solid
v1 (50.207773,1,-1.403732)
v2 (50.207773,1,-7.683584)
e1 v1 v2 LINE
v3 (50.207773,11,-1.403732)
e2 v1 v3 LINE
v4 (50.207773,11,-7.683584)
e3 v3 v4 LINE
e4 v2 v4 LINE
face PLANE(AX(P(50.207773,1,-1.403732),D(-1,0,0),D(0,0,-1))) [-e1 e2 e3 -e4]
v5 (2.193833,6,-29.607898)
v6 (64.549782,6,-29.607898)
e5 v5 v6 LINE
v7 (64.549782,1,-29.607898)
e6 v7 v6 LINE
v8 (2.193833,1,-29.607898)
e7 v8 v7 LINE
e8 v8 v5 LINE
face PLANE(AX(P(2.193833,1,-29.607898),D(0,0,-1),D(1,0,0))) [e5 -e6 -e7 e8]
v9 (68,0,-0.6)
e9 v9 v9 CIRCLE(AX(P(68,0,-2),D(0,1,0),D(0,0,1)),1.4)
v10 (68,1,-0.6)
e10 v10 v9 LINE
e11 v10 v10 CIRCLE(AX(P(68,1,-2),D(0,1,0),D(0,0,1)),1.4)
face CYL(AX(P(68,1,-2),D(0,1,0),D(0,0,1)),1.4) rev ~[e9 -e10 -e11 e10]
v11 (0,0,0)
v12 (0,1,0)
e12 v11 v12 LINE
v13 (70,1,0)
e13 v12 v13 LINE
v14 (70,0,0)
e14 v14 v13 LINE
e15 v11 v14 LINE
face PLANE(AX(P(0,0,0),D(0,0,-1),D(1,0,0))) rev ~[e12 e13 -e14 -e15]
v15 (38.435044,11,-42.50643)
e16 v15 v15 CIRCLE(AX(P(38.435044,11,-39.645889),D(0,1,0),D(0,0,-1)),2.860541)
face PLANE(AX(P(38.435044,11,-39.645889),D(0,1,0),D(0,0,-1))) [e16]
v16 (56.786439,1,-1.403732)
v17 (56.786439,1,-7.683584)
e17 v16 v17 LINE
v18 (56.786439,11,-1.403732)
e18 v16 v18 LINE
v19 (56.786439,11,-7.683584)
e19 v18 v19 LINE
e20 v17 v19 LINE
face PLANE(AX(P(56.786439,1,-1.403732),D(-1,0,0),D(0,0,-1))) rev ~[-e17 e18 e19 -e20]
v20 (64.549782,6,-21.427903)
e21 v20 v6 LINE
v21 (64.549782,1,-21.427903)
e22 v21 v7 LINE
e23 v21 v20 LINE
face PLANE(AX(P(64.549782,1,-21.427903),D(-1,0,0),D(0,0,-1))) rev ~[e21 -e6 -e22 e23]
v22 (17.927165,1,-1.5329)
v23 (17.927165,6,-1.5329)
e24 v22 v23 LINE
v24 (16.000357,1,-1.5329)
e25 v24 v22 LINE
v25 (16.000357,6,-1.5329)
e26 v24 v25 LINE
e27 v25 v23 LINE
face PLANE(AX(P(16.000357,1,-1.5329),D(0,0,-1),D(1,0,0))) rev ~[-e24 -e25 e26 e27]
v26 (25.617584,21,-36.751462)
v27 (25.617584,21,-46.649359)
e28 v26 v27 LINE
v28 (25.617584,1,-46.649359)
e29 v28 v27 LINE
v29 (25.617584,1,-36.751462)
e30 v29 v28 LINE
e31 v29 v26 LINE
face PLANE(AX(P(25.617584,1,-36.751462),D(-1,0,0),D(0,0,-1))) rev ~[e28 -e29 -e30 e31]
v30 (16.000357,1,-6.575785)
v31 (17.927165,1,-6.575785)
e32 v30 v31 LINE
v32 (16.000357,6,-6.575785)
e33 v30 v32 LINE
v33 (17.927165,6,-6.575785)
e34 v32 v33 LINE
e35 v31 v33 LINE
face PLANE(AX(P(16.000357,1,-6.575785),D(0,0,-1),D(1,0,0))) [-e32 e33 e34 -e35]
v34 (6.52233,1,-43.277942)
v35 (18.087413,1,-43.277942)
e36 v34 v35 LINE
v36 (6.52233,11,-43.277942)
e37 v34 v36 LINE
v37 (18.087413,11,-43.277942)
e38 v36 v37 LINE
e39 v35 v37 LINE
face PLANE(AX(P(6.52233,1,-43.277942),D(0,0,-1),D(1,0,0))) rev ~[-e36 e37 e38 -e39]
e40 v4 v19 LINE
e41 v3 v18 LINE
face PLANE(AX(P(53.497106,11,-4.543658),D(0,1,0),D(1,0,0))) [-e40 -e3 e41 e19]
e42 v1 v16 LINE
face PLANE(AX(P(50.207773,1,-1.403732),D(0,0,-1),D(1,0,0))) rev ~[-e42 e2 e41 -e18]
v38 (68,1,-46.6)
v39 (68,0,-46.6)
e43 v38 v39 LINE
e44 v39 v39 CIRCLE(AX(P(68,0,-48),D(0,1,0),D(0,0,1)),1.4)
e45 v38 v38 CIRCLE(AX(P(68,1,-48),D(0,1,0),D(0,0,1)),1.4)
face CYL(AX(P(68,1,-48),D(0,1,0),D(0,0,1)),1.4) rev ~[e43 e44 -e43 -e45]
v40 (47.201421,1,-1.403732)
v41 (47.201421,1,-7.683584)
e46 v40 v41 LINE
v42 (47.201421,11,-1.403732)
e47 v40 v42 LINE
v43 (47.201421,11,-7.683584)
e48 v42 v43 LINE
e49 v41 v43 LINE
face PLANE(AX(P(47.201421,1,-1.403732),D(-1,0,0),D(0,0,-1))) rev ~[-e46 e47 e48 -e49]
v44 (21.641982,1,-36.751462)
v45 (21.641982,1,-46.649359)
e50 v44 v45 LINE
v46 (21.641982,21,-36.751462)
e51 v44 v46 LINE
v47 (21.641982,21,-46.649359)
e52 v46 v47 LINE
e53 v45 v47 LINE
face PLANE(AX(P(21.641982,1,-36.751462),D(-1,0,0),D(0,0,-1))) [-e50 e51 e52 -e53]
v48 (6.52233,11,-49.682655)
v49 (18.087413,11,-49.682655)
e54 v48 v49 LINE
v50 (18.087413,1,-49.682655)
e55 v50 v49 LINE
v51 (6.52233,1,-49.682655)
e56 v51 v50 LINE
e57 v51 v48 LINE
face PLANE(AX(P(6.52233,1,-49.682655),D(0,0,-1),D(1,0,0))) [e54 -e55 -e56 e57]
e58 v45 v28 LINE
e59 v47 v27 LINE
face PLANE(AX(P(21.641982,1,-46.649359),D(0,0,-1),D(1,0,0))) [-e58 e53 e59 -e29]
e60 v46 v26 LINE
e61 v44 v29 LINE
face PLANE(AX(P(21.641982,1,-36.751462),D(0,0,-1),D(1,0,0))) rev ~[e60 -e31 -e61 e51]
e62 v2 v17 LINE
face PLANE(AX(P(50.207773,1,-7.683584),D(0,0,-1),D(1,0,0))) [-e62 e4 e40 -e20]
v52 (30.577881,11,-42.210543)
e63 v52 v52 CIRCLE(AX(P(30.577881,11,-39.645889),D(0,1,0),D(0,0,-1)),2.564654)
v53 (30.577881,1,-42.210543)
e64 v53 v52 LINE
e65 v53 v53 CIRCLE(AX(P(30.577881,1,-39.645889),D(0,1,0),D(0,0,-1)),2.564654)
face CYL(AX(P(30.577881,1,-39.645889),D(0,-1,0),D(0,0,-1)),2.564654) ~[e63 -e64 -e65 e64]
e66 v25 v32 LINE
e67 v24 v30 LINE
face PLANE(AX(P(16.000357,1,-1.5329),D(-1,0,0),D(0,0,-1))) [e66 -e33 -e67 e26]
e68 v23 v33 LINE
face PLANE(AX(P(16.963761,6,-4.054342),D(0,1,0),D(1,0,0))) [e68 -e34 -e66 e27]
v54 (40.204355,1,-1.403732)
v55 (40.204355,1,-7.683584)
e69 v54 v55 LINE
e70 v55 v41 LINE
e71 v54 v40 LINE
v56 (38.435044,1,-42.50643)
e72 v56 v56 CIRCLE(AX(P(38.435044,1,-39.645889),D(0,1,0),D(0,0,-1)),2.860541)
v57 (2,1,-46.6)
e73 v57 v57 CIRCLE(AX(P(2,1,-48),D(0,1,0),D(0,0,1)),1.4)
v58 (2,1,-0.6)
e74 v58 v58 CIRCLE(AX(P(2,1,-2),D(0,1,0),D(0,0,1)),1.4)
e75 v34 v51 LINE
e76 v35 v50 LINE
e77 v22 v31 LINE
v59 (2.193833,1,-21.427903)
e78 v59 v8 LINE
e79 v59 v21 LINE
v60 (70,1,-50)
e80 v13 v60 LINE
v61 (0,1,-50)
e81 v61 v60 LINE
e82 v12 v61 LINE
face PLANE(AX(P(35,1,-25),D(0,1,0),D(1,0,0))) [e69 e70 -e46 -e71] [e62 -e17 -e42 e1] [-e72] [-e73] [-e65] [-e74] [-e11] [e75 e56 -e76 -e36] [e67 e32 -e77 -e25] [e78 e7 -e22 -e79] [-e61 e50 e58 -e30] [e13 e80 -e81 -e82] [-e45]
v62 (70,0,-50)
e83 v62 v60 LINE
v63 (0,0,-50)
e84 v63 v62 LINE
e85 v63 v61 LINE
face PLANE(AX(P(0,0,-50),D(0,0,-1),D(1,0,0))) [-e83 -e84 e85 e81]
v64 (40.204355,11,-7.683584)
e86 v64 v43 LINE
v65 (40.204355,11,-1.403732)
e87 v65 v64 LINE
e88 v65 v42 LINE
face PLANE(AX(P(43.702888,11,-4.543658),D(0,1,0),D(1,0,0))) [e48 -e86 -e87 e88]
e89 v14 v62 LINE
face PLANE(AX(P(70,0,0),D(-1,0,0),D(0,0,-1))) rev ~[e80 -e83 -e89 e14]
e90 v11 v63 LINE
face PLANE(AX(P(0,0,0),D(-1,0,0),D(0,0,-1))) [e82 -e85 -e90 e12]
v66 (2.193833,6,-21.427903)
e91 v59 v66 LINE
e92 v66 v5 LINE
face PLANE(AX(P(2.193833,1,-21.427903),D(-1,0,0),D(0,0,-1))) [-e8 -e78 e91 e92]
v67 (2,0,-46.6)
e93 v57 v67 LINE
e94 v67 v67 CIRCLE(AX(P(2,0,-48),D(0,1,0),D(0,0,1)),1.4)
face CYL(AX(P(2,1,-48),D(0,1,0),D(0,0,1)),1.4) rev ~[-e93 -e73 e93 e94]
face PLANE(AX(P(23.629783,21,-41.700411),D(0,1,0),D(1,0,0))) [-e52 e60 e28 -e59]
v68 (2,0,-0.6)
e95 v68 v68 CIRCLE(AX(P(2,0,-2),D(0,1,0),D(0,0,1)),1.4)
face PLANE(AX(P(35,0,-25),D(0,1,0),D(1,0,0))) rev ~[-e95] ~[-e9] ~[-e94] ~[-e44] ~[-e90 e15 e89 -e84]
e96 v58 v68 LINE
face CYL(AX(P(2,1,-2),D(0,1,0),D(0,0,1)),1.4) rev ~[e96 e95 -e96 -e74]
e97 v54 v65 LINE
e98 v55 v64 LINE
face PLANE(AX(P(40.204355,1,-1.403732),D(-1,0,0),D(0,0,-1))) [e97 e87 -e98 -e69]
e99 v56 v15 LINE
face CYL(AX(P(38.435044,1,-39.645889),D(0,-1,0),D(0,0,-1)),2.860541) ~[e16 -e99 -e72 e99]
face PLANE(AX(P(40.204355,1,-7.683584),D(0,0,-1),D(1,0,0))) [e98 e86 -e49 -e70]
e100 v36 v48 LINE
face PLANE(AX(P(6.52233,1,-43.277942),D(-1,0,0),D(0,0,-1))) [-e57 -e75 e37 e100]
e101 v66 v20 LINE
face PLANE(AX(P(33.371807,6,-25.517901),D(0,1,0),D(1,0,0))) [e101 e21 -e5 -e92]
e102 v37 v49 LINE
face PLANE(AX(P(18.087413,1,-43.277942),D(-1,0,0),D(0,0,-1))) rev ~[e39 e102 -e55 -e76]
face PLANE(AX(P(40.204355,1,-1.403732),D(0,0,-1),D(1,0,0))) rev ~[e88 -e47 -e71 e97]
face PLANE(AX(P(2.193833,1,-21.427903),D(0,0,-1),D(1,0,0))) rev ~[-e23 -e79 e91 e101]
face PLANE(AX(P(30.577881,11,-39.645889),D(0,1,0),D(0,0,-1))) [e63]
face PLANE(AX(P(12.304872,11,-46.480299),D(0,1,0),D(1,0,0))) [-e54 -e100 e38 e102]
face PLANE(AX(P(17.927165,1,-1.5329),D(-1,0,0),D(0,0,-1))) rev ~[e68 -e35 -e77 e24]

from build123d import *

# Parameters (mm, degrees)
SKETCH1_W           = 70
SKETCH1_H           = 50
BOSS_EXTRUDE1_DEPTH = 1
SKETCH2_R           = 1.4
CUT_EXTRUDE1_DEPTH  = 87.029064856
SKETCH3_R           = 2.564653552
SKETCH3_R_2         = 2.860541453
SKETCH3_W           = 6.997065393
SKETCH3_H           = 6.279852664
SKETCH3_W_2         = 6.578665668
SKETCH3_W_3         = 11.565083488
SKETCH3_H_2         = 6.404713395
BOSS_EXTRUDE2_DEPTH = 10
SKETCH5_W           = 62.355948398
SKETCH5_H           = 8.179994237
SKETCH5_W_2         = 1.926807787
SKETCH5_H_2         = 5.042884886
BOSS_EXTRUDE3_DEPTH = 5
SKETCH6_W           = 3.975602045
SKETCH6_H           = 9.897897773
BOSS_EXTRUDE4_DEPTH = 20


with BuildPart() as part:
    # Sketch1 → Boss-Extrude1 (new body)
    with BuildSketch(Plane(origin=(0, 0, 0), x_dir=(1, 0, 0), z_dir=(0, 1, 0))):
        with Locations((35, 25)):
            Rectangle(SKETCH1_W, SKETCH1_H)
    extrude(amount=BOSS_EXTRUDE1_DEPTH)

    # Sketch2 → Cut-Extrude1 (cut, through all)
    with BuildSketch(Plane(origin=(0, 1, 0), x_dir=(1, 0, 0), z_dir=(0, 1, 0))):
        with Locations(Location((2, 48, 0), (0, 0, 270))):
            Circle(SKETCH2_R)
        with Locations(Location((68, 48, 0), (0, 0, 270))):
            Circle(SKETCH2_R)
        with Locations(Location((68, 2, 0), (0, 0, 270))):
            Circle(SKETCH2_R)
        with Locations(Location((2, 2, 0), (0, 0, 270))):
            Circle(SKETCH2_R)
    extrude(amount=-CUT_EXTRUDE1_DEPTH, mode=Mode.SUBTRACT)

    # Sketch3 → Boss-Extrude2 (add)
    with BuildSketch(Plane(origin=(0, 1, 0), x_dir=(1, 0, 0), z_dir=(0, 1, 0))):
        with Locations(Location((30.577880589, 39.645889027, 0), (0, 0, 90))):
            Circle(SKETCH3_R)
        with Locations(Location((38.435044471, 39.645889027, 0), (0, 0, 90))):
            Circle(SKETCH3_R_2)
        with Locations((43.70288795, 4.543658094)):
            Rectangle(SKETCH3_W, SKETCH3_H)
        with Locations((53.497105797, 4.543658094)):
            Rectangle(SKETCH3_W_2, SKETCH3_H)
        with Locations((12.304871688, 46.48029873)):
            Rectangle(SKETCH3_W_3, SKETCH3_H_2)
    extrude(amount=BOSS_EXTRUDE2_DEPTH)

    # Sketch5 → Boss-Extrude3 (add)
    with BuildSketch(Plane(origin=(0, 1, 0), x_dir=(1, 0, 0), z_dir=(0, 1, 0))):
        with Locations((33.371807315, 25.517900554)):
            Rectangle(SKETCH5_W, SKETCH5_H)
        with Locations((16.963761322, 4.054342187)):
            Rectangle(SKETCH5_W_2, SKETCH5_H_2)
    extrude(amount=BOSS_EXTRUDE3_DEPTH)

    # Sketch6 → Boss-Extrude4 (add)
    with BuildSketch(Plane(origin=(0, 1, 0), x_dir=(1, 0, 0), z_dir=(0, 1, 0))):
        with Locations((23.62978258, 41.700410586)):
            Rectangle(SKETCH6_W, SKETCH6_H)
    extrude(amount=BOSS_EXTRUDE4_DEPTH)


solid = part.part
